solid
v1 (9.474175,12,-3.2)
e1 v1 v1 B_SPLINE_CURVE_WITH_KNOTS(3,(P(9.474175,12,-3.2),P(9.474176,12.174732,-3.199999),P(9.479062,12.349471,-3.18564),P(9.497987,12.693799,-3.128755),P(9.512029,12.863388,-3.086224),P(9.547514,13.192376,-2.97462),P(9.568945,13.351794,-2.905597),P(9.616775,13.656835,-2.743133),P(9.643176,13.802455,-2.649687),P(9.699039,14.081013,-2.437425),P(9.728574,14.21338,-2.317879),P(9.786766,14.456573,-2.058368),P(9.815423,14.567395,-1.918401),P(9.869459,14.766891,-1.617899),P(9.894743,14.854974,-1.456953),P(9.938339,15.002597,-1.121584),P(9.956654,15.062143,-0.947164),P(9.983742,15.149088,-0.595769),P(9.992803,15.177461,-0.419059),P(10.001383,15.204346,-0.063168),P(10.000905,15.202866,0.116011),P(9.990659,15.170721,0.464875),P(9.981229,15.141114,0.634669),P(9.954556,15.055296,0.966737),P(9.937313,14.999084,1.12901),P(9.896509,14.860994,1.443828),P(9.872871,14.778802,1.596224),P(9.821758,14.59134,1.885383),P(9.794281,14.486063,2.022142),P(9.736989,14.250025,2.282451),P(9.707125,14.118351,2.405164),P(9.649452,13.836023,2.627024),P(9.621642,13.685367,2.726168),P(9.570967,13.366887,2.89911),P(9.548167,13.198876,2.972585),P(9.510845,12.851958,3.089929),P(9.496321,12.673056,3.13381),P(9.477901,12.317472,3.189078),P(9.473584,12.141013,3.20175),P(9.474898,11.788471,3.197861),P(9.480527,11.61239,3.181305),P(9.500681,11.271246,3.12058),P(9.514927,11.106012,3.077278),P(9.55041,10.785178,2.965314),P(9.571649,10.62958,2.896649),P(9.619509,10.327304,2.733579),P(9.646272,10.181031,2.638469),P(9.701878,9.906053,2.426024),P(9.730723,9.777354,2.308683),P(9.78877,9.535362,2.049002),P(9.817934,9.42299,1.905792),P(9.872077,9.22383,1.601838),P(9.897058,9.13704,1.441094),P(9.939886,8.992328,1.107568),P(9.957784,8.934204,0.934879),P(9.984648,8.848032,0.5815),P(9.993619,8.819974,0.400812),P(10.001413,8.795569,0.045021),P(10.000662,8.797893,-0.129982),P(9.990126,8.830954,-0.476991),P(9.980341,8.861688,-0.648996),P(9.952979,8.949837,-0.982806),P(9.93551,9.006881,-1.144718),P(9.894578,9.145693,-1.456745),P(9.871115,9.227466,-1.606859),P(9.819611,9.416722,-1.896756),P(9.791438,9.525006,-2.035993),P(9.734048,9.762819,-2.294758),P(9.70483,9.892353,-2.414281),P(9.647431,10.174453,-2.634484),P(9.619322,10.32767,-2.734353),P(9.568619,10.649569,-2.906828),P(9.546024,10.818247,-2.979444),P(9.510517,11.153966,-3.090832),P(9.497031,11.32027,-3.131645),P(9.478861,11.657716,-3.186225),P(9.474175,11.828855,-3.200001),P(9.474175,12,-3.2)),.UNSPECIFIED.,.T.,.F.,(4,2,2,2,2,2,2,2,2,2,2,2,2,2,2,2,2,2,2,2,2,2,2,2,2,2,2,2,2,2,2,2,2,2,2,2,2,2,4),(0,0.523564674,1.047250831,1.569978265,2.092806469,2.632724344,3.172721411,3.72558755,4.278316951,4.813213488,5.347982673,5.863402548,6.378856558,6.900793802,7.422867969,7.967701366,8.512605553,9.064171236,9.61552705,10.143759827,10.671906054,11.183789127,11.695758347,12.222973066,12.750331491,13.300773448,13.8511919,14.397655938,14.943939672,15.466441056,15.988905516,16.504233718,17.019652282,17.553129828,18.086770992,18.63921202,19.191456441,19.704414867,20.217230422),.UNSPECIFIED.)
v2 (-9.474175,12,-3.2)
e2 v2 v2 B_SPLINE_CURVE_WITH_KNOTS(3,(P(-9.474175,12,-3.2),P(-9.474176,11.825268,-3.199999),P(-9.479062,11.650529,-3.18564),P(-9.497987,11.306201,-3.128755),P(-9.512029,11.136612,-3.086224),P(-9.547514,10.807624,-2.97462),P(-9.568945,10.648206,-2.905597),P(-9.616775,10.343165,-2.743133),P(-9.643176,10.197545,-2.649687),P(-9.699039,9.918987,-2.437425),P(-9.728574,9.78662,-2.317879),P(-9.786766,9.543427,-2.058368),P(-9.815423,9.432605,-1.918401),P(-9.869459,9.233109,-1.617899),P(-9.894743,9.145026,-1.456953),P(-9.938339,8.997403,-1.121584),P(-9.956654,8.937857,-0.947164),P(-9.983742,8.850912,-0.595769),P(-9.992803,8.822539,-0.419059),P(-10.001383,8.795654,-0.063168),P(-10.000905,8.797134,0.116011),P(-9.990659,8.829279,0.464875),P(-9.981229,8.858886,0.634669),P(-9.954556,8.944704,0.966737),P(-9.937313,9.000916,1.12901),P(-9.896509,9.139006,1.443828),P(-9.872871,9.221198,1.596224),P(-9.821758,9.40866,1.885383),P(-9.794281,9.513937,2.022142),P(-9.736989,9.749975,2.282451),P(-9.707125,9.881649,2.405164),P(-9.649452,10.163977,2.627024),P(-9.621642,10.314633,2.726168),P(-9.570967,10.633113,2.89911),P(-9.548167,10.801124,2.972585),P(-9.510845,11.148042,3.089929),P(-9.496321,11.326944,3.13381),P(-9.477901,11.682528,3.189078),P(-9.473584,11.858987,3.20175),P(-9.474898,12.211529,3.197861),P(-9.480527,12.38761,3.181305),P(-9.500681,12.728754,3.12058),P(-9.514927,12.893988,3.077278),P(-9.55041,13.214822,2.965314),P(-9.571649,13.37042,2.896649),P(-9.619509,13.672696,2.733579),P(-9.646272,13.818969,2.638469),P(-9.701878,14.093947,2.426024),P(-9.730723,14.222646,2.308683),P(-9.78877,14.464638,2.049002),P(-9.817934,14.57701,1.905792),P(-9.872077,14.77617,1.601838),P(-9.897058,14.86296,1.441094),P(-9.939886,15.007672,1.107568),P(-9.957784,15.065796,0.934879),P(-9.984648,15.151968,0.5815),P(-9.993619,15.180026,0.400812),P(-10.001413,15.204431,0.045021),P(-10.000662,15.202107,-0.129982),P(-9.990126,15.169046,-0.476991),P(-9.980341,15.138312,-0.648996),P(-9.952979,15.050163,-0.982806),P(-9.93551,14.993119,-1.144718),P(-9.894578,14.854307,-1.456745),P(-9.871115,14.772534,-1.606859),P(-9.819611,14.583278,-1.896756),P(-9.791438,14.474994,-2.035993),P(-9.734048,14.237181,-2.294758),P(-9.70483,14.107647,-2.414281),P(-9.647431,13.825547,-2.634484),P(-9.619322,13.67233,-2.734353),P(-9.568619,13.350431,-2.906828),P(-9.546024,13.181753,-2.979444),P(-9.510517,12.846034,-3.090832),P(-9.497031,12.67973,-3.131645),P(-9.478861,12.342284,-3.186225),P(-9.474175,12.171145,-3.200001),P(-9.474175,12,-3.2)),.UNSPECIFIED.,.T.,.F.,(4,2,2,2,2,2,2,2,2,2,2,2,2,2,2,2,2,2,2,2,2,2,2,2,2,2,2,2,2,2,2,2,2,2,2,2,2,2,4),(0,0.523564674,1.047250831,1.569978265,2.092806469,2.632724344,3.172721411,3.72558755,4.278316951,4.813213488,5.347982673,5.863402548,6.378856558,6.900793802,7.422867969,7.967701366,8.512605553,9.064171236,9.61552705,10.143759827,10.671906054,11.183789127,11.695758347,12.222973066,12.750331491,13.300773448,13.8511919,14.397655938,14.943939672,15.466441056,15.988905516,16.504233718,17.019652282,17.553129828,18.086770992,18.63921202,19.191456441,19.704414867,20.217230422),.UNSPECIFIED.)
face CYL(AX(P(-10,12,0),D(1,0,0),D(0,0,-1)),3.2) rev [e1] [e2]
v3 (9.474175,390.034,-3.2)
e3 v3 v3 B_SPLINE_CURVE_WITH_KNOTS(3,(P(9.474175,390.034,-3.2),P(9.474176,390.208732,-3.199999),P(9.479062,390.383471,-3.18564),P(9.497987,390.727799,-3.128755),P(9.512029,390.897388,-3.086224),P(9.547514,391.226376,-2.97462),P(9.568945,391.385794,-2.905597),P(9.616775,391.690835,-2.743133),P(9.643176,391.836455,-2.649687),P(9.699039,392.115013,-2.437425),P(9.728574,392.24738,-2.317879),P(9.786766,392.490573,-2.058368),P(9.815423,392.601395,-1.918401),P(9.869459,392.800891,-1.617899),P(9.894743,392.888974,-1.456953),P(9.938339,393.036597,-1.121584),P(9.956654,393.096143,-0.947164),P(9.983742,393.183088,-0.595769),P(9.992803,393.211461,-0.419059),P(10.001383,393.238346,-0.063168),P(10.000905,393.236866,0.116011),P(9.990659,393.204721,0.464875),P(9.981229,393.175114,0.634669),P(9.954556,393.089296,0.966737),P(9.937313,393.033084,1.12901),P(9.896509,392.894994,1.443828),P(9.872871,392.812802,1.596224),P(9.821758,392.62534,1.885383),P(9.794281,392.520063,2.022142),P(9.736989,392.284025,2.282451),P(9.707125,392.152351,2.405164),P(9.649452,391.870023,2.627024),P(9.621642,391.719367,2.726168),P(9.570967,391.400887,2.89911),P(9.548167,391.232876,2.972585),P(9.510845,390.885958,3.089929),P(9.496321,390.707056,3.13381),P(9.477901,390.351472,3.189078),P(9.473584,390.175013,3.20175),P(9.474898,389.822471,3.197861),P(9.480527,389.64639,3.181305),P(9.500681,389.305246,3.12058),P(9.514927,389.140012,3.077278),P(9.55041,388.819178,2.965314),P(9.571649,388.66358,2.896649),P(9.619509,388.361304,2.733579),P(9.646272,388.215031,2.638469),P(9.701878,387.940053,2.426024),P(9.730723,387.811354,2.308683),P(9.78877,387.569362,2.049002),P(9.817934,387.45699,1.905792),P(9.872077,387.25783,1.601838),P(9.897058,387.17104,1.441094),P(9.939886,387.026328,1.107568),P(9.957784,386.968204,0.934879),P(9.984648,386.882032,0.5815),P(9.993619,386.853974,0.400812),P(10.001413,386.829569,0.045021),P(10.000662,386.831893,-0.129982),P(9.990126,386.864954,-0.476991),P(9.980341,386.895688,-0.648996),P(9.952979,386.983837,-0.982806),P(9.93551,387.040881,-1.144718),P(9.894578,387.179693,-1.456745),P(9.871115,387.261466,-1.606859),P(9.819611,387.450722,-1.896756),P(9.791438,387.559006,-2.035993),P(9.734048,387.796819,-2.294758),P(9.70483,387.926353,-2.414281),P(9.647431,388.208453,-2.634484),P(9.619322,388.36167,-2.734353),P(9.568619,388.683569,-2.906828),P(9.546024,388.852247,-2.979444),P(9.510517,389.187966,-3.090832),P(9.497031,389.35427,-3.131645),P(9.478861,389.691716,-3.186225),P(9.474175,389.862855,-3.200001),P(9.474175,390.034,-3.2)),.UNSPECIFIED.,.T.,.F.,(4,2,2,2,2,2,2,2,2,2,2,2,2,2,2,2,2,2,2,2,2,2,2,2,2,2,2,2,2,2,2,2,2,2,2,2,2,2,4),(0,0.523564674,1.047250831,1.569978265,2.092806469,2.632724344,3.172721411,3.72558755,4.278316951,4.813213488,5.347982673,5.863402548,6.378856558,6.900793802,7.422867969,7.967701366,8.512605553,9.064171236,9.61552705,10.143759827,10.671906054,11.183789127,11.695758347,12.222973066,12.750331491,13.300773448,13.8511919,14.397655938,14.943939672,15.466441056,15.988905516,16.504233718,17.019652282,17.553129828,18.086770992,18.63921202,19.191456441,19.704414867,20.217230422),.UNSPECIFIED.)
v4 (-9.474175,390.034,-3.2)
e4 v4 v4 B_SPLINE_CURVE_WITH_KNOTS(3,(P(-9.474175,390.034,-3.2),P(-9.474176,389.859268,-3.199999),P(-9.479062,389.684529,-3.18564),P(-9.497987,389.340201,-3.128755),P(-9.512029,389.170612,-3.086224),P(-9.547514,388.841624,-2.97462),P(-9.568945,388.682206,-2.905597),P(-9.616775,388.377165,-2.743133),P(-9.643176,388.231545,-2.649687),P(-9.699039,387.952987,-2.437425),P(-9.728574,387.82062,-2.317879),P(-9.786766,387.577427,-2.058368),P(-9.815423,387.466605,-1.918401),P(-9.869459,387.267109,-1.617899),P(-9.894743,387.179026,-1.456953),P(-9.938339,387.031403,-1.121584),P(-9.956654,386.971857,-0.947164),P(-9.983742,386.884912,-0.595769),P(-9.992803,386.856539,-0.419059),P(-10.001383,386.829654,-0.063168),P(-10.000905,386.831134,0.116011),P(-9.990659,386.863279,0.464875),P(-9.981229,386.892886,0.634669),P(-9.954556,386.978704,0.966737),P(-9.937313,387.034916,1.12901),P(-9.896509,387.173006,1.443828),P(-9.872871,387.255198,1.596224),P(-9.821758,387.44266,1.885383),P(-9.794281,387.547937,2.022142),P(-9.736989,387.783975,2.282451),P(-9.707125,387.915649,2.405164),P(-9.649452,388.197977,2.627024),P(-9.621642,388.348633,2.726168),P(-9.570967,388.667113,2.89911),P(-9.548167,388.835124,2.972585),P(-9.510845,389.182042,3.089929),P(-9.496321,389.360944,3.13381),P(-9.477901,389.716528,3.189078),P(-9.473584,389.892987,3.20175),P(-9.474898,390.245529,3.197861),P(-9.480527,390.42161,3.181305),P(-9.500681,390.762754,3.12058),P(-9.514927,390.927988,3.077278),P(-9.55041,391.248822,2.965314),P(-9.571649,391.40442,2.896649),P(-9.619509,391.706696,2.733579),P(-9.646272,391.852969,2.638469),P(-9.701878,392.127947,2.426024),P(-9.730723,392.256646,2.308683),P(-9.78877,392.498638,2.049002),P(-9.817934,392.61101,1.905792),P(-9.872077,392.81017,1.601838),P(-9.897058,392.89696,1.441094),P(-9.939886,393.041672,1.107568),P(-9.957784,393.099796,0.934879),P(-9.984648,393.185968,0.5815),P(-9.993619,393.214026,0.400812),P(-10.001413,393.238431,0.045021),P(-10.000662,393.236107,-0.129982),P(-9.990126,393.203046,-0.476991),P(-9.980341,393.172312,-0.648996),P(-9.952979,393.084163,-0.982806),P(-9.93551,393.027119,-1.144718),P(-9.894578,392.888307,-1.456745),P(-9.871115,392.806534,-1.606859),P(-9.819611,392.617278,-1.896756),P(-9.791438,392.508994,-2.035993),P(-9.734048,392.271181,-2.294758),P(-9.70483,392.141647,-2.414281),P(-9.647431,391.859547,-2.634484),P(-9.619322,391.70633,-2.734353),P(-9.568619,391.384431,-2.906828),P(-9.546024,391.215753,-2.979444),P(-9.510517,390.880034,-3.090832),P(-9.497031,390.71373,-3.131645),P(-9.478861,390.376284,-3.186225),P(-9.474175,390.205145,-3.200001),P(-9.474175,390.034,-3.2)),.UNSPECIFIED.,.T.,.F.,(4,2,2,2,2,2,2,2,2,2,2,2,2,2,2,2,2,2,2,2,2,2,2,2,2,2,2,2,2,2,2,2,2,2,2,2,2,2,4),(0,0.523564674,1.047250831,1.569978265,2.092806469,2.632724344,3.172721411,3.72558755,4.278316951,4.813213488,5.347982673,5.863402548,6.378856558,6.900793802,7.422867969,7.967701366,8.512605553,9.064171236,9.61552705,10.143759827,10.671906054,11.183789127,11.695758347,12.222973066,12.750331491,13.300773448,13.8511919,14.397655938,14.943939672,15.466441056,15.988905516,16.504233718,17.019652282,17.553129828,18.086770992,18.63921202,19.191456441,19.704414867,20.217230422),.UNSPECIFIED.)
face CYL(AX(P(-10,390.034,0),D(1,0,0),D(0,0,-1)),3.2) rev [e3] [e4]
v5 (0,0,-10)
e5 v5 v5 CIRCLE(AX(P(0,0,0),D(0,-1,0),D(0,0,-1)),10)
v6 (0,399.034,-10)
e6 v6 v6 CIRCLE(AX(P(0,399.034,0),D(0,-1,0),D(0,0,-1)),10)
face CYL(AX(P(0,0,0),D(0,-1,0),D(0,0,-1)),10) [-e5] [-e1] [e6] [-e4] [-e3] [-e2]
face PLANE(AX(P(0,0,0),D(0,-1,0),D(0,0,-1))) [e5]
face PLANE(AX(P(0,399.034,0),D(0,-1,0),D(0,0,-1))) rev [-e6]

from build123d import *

# Parameters (mm, degrees)
SKETCH1_W               = 10
SKETCH1_H               = 399.034
SKETCH2_R               = 3.2
CUT_EXTRUDE1_DEPTH      = 11
CUT_EXTRUDE1_DEPTH_BACK = 11


with BuildPart() as part:
    # Sketch1 → Revolve2 (revolve)
    with BuildSketch(Plane(origin=(0, 0, 0), x_dir=(0, 0, -1), z_dir=(1, 0, 0))):
        with Locations((-5, 199.517)):
            Rectangle(SKETCH1_W, SKETCH1_H)
    revolve(axis=Axis((0, 0, 0), (0, 1, 0)))

    # Sketch2 → Cut-Extrude1 (cut, two sides)
    with BuildSketch(Plane(origin=(0, 0, 0), x_dir=(0, 0, -1), z_dir=(1, 0, 0))) as cut_extrude1_sk:
        with Locations((0, 390.034)):
            Circle(SKETCH2_R)
        with Locations((0, 12)):
            Circle(SKETCH2_R)
    extrude(amount=CUT_EXTRUDE1_DEPTH, mode=Mode.SUBTRACT)
    extrude(cut_extrude1_sk.sketch, amount=-CUT_EXTRUDE1_DEPTH_BACK, mode=Mode.SUBTRACT)


solid = part.part
